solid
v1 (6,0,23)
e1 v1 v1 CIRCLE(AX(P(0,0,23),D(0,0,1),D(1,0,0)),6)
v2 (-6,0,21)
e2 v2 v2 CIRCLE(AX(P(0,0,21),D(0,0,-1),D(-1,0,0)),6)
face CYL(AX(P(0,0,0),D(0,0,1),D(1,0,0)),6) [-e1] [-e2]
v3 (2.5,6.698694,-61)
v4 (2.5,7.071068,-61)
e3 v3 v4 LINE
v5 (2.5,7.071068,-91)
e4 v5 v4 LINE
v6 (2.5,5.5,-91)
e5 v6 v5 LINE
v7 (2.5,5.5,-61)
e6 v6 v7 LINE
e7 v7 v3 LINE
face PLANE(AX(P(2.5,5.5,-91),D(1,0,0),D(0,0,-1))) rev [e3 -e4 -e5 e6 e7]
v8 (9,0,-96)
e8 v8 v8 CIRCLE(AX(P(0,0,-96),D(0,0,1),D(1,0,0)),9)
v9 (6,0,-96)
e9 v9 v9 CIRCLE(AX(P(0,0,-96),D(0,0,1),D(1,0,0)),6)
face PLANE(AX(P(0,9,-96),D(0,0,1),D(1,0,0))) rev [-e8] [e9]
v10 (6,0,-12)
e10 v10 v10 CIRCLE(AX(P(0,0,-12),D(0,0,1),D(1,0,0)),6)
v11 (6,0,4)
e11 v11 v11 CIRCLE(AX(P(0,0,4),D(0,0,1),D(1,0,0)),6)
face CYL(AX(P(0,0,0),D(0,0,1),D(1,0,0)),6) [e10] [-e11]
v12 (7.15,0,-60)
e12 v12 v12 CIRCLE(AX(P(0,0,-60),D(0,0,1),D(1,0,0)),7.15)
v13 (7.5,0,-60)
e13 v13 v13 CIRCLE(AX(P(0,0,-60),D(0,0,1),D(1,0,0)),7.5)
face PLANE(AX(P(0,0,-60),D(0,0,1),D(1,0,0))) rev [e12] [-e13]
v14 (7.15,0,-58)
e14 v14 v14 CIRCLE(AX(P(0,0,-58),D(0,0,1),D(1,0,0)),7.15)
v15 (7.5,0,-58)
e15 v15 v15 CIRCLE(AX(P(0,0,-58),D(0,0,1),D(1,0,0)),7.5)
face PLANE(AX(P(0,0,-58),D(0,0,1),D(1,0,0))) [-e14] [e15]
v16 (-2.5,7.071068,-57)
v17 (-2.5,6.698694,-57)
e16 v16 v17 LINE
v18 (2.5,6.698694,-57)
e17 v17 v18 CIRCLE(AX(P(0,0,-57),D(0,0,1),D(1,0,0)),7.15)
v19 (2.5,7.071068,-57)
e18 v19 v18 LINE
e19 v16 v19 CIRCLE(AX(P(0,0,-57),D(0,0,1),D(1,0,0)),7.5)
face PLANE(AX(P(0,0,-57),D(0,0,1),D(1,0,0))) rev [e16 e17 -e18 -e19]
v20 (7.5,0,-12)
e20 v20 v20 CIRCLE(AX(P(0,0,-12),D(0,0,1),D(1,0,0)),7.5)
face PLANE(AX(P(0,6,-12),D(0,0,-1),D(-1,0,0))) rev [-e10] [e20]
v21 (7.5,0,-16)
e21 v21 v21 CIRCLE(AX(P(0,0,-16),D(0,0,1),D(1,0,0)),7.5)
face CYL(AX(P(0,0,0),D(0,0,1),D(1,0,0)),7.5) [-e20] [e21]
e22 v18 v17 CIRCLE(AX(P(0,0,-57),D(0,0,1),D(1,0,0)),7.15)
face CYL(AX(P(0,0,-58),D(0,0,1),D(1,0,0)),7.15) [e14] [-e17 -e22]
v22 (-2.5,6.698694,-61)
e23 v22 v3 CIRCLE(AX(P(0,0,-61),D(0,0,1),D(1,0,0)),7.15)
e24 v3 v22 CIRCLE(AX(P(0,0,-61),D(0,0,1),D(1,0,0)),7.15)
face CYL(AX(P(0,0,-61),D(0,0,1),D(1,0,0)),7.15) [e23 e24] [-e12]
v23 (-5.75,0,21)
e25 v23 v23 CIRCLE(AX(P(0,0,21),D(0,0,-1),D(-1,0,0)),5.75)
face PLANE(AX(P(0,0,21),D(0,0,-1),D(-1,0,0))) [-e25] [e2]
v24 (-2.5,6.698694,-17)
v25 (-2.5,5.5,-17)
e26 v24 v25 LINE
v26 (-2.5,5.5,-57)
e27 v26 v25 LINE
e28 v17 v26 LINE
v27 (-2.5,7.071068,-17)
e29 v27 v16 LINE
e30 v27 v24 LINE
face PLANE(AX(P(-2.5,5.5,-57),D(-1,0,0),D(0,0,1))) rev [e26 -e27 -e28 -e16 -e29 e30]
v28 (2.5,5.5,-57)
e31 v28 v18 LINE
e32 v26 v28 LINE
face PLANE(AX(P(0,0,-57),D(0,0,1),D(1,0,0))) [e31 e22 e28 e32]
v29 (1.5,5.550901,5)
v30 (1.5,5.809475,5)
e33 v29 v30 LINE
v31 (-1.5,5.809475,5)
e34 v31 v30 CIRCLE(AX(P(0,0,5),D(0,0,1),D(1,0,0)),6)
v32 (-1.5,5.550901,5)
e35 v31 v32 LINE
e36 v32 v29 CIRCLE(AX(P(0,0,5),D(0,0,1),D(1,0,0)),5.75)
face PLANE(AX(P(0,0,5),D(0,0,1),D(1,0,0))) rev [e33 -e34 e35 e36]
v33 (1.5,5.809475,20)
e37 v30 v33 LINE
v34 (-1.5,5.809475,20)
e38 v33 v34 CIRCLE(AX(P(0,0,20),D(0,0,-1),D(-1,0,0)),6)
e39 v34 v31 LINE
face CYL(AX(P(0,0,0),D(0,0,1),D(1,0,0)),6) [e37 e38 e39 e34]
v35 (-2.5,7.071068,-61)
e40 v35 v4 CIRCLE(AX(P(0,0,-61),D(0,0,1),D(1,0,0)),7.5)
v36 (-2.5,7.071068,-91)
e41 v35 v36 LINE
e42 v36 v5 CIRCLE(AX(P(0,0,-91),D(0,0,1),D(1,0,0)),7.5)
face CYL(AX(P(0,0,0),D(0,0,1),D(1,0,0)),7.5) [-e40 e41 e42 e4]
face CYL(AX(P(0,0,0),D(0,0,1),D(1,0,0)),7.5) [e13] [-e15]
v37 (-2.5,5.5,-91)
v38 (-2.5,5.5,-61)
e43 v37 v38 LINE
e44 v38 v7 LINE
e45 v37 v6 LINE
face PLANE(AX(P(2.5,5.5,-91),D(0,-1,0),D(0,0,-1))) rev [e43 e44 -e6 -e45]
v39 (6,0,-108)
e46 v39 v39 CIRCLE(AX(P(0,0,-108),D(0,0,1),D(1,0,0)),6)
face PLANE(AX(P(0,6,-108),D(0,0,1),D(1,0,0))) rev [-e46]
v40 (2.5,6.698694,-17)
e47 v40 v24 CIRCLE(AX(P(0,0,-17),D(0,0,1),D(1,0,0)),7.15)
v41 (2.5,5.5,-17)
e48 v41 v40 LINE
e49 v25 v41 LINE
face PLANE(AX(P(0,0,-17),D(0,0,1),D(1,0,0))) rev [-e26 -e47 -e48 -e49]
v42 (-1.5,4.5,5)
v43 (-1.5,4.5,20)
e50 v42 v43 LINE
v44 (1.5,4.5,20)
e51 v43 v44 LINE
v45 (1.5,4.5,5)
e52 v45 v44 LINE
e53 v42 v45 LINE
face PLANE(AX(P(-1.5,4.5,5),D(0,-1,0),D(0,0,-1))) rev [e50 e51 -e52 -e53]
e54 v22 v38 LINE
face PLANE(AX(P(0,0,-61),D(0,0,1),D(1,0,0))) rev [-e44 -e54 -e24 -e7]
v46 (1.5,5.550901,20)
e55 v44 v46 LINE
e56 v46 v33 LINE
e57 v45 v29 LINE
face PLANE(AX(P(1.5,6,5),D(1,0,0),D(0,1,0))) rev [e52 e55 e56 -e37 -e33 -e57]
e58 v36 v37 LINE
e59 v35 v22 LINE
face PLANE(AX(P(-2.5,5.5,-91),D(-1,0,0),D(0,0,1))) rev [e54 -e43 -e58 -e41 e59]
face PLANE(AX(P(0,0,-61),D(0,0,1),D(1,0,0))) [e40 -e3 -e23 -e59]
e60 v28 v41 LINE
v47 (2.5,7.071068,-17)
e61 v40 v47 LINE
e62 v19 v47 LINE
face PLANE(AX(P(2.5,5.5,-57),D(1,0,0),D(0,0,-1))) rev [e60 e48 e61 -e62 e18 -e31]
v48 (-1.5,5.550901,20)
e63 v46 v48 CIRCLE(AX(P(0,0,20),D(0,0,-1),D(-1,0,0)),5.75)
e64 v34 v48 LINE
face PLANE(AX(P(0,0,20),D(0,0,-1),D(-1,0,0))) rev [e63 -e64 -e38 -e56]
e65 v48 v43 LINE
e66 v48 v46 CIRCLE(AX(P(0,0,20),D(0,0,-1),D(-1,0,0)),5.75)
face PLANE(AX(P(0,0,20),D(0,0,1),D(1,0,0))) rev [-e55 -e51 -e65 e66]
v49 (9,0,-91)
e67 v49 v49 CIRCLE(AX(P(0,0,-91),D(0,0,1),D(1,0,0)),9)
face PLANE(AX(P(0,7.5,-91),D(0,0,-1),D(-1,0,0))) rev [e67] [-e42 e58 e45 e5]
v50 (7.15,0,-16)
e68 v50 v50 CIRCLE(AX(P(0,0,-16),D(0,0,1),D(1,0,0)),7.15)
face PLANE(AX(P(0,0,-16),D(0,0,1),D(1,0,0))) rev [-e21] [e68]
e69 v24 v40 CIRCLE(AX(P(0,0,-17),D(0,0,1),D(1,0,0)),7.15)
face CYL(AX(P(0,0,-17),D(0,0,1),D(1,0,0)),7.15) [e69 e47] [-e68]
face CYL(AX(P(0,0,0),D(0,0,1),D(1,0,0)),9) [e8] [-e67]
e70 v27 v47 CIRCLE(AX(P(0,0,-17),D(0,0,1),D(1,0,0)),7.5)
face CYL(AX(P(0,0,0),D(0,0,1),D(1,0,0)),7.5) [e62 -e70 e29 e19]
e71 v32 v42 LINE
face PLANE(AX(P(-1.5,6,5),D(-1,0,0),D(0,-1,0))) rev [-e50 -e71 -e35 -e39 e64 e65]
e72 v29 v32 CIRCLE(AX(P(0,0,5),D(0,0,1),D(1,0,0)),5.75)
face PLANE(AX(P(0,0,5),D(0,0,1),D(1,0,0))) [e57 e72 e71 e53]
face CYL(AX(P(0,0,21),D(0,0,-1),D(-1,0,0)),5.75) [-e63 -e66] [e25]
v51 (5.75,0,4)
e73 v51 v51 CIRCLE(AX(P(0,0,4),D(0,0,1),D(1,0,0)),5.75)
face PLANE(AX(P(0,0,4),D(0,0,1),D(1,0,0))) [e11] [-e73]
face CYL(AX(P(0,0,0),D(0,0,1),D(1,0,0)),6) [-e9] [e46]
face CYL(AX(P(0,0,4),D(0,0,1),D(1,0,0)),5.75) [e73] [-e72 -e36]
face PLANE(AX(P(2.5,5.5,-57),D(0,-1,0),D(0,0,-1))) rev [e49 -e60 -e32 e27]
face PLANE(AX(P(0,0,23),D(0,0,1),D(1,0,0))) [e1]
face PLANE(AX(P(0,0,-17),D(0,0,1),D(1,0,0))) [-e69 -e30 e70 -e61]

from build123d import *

# Parameters (mm, degrees)
CUT_EXTRUDE2_START  = -16
SKETCH7_R           = 10.15
SKETCH7_R_2         = 7.15
CUT_EXTRUDE2_DEPTH  = 1
SKETCH10_W          = 5
SKETCH10_H          = 3
CUT_EXTRUDE3_DEPTH  = 40
SKETCH11_R          = 10.15
SKETCH11_R_2        = 7.15
CUT_EXTRUDE4_DEPTH  = 1
CUT_EXTRUDE5_START  = -3
SKETCH13_R          = 10.15
SKETCH13_R_2        = 7.15
CUT_EXTRUDE5_DEPTH  = 1
CUT_EXTRUDE6_START  = -61
SKETCH14_W          = 5
SKETCH14_H          = 3
CUT_EXTRUDE6_DEPTH  = 30
SKETCH15_R          = 6
BOSS_EXTRUDE4_DEPTH = 20
SKETCH16_W          = 3
SKETCH16_H          = 1.5
CUT_EXTRUDE7_DEPTH  = 15
SKETCH17_R          = 6
BOSS_EXTRUDE5_DEPTH = 3
SKETCH18_R          = 6.5
SKETCH18_R_2        = 5.75
CUT_EXTRUDE8_DEPTH  = 1
CUT_EXTRUDE9_START  = -1
SKETCH19_R          = 6.5
SKETCH19_R_2        = 5.75
CUT_EXTRUDE9_DEPTH  = 1


with BuildPart() as part:
    # Sketch5 → Revolve1 (revolve)
    with BuildSketch(Plane(origin=(0, 0, 0), x_dir=(0, 0, -1), z_dir=(1, 0, 0)), mode=Mode.PRIVATE) as revolve1_sk:
        Polygon((0, 0), (0, 6), (12, 6), (12, 7.5), (91, 7.5), (91, 9), (96, 9), (96, 6), (108, 6), (108, 0), align=None)
    revolve(revolve1_sk.sketch.rotate(Axis((0, 0, 0), (0, 0, -1)), 90), axis=Axis((0, 0, 0), (0, 0, -1)))

    # Sketch7 → Cut-Extrude2 (cut)
    with BuildSketch(Plane.XY.offset(CUT_EXTRUDE2_START)):
        Circle(SKETCH7_R)
        Circle(SKETCH7_R_2, mode=Mode.SUBTRACT)
    extrude(amount=-CUT_EXTRUDE2_DEPTH, mode=Mode.SUBTRACT)

    # Sketch10 → Cut-Extrude3 (cut)
    with BuildSketch(Plane.XY.offset(-17)):
        with Locations((0, 7)):
            Rectangle(SKETCH10_W, SKETCH10_H)
    extrude(amount=-CUT_EXTRUDE3_DEPTH, mode=Mode.SUBTRACT)

    # Sketch11 → Cut-Extrude4 (cut)
    with BuildSketch(Plane.XY.offset(-57)):
        Circle(SKETCH11_R)
        Circle(SKETCH11_R_2, mode=Mode.SUBTRACT)
    extrude(amount=-CUT_EXTRUDE4_DEPTH, mode=Mode.SUBTRACT)

    # Sketch13 → Cut-Extrude5 (cut)
    with BuildSketch(Plane.XY.offset(-57).offset(CUT_EXTRUDE5_START)):
        Circle(SKETCH13_R)
        Circle(SKETCH13_R_2, mode=Mode.SUBTRACT)
    extrude(amount=-CUT_EXTRUDE5_DEPTH, mode=Mode.SUBTRACT)

    # Sketch14 → Cut-Extrude6 (cut)
    with BuildSketch(Plane.XY.offset(CUT_EXTRUDE6_START)):
        with Locations((0, 7)):
            Rectangle(SKETCH14_W, SKETCH14_H)
    extrude(amount=-CUT_EXTRUDE6_DEPTH, mode=Mode.SUBTRACT)

    # Sketch15 → Boss-Extrude4 (add)
    with BuildSketch(Plane.XY):
        Circle(SKETCH15_R)
    extrude(amount=BOSS_EXTRUDE4_DEPTH)

    # Sketch16 → Cut-Extrude7 (cut)
    with BuildSketch(Plane.XY.offset(20)):
        with Locations((0, 5.25)):
            Rectangle(SKETCH16_W, SKETCH16_H)
    extrude(amount=-CUT_EXTRUDE7_DEPTH, mode=Mode.SUBTRACT)

    # Sketch17 → Boss-Extrude5 (add)
    with BuildSketch(Plane.XY.offset(20)):
        Circle(SKETCH17_R)
    extrude(amount=BOSS_EXTRUDE5_DEPTH)

    # Sketch18 → Cut-Extrude8 (cut)
    with BuildSketch(Plane(origin=(0, 0, 20), x_dir=(-1, 0, 0), z_dir=(0, 0, -1))):
        Circle(SKETCH18_R)
        Circle(SKETCH18_R_2, mode=Mode.SUBTRACT)
    extrude(amount=-CUT_EXTRUDE8_DEPTH, mode=Mode.SUBTRACT)

    # Sketch19 → Cut-Extrude9 (cut)
    with BuildSketch(Plane.XY.offset(5).offset(CUT_EXTRUDE9_START)):
        Circle(SKETCH19_R)
        Circle(SKETCH19_R_2, mode=Mode.SUBTRACT)
    extrude(amount=CUT_EXTRUDE9_DEPTH, mode=Mode.SUBTRACT)


solid = part.part
